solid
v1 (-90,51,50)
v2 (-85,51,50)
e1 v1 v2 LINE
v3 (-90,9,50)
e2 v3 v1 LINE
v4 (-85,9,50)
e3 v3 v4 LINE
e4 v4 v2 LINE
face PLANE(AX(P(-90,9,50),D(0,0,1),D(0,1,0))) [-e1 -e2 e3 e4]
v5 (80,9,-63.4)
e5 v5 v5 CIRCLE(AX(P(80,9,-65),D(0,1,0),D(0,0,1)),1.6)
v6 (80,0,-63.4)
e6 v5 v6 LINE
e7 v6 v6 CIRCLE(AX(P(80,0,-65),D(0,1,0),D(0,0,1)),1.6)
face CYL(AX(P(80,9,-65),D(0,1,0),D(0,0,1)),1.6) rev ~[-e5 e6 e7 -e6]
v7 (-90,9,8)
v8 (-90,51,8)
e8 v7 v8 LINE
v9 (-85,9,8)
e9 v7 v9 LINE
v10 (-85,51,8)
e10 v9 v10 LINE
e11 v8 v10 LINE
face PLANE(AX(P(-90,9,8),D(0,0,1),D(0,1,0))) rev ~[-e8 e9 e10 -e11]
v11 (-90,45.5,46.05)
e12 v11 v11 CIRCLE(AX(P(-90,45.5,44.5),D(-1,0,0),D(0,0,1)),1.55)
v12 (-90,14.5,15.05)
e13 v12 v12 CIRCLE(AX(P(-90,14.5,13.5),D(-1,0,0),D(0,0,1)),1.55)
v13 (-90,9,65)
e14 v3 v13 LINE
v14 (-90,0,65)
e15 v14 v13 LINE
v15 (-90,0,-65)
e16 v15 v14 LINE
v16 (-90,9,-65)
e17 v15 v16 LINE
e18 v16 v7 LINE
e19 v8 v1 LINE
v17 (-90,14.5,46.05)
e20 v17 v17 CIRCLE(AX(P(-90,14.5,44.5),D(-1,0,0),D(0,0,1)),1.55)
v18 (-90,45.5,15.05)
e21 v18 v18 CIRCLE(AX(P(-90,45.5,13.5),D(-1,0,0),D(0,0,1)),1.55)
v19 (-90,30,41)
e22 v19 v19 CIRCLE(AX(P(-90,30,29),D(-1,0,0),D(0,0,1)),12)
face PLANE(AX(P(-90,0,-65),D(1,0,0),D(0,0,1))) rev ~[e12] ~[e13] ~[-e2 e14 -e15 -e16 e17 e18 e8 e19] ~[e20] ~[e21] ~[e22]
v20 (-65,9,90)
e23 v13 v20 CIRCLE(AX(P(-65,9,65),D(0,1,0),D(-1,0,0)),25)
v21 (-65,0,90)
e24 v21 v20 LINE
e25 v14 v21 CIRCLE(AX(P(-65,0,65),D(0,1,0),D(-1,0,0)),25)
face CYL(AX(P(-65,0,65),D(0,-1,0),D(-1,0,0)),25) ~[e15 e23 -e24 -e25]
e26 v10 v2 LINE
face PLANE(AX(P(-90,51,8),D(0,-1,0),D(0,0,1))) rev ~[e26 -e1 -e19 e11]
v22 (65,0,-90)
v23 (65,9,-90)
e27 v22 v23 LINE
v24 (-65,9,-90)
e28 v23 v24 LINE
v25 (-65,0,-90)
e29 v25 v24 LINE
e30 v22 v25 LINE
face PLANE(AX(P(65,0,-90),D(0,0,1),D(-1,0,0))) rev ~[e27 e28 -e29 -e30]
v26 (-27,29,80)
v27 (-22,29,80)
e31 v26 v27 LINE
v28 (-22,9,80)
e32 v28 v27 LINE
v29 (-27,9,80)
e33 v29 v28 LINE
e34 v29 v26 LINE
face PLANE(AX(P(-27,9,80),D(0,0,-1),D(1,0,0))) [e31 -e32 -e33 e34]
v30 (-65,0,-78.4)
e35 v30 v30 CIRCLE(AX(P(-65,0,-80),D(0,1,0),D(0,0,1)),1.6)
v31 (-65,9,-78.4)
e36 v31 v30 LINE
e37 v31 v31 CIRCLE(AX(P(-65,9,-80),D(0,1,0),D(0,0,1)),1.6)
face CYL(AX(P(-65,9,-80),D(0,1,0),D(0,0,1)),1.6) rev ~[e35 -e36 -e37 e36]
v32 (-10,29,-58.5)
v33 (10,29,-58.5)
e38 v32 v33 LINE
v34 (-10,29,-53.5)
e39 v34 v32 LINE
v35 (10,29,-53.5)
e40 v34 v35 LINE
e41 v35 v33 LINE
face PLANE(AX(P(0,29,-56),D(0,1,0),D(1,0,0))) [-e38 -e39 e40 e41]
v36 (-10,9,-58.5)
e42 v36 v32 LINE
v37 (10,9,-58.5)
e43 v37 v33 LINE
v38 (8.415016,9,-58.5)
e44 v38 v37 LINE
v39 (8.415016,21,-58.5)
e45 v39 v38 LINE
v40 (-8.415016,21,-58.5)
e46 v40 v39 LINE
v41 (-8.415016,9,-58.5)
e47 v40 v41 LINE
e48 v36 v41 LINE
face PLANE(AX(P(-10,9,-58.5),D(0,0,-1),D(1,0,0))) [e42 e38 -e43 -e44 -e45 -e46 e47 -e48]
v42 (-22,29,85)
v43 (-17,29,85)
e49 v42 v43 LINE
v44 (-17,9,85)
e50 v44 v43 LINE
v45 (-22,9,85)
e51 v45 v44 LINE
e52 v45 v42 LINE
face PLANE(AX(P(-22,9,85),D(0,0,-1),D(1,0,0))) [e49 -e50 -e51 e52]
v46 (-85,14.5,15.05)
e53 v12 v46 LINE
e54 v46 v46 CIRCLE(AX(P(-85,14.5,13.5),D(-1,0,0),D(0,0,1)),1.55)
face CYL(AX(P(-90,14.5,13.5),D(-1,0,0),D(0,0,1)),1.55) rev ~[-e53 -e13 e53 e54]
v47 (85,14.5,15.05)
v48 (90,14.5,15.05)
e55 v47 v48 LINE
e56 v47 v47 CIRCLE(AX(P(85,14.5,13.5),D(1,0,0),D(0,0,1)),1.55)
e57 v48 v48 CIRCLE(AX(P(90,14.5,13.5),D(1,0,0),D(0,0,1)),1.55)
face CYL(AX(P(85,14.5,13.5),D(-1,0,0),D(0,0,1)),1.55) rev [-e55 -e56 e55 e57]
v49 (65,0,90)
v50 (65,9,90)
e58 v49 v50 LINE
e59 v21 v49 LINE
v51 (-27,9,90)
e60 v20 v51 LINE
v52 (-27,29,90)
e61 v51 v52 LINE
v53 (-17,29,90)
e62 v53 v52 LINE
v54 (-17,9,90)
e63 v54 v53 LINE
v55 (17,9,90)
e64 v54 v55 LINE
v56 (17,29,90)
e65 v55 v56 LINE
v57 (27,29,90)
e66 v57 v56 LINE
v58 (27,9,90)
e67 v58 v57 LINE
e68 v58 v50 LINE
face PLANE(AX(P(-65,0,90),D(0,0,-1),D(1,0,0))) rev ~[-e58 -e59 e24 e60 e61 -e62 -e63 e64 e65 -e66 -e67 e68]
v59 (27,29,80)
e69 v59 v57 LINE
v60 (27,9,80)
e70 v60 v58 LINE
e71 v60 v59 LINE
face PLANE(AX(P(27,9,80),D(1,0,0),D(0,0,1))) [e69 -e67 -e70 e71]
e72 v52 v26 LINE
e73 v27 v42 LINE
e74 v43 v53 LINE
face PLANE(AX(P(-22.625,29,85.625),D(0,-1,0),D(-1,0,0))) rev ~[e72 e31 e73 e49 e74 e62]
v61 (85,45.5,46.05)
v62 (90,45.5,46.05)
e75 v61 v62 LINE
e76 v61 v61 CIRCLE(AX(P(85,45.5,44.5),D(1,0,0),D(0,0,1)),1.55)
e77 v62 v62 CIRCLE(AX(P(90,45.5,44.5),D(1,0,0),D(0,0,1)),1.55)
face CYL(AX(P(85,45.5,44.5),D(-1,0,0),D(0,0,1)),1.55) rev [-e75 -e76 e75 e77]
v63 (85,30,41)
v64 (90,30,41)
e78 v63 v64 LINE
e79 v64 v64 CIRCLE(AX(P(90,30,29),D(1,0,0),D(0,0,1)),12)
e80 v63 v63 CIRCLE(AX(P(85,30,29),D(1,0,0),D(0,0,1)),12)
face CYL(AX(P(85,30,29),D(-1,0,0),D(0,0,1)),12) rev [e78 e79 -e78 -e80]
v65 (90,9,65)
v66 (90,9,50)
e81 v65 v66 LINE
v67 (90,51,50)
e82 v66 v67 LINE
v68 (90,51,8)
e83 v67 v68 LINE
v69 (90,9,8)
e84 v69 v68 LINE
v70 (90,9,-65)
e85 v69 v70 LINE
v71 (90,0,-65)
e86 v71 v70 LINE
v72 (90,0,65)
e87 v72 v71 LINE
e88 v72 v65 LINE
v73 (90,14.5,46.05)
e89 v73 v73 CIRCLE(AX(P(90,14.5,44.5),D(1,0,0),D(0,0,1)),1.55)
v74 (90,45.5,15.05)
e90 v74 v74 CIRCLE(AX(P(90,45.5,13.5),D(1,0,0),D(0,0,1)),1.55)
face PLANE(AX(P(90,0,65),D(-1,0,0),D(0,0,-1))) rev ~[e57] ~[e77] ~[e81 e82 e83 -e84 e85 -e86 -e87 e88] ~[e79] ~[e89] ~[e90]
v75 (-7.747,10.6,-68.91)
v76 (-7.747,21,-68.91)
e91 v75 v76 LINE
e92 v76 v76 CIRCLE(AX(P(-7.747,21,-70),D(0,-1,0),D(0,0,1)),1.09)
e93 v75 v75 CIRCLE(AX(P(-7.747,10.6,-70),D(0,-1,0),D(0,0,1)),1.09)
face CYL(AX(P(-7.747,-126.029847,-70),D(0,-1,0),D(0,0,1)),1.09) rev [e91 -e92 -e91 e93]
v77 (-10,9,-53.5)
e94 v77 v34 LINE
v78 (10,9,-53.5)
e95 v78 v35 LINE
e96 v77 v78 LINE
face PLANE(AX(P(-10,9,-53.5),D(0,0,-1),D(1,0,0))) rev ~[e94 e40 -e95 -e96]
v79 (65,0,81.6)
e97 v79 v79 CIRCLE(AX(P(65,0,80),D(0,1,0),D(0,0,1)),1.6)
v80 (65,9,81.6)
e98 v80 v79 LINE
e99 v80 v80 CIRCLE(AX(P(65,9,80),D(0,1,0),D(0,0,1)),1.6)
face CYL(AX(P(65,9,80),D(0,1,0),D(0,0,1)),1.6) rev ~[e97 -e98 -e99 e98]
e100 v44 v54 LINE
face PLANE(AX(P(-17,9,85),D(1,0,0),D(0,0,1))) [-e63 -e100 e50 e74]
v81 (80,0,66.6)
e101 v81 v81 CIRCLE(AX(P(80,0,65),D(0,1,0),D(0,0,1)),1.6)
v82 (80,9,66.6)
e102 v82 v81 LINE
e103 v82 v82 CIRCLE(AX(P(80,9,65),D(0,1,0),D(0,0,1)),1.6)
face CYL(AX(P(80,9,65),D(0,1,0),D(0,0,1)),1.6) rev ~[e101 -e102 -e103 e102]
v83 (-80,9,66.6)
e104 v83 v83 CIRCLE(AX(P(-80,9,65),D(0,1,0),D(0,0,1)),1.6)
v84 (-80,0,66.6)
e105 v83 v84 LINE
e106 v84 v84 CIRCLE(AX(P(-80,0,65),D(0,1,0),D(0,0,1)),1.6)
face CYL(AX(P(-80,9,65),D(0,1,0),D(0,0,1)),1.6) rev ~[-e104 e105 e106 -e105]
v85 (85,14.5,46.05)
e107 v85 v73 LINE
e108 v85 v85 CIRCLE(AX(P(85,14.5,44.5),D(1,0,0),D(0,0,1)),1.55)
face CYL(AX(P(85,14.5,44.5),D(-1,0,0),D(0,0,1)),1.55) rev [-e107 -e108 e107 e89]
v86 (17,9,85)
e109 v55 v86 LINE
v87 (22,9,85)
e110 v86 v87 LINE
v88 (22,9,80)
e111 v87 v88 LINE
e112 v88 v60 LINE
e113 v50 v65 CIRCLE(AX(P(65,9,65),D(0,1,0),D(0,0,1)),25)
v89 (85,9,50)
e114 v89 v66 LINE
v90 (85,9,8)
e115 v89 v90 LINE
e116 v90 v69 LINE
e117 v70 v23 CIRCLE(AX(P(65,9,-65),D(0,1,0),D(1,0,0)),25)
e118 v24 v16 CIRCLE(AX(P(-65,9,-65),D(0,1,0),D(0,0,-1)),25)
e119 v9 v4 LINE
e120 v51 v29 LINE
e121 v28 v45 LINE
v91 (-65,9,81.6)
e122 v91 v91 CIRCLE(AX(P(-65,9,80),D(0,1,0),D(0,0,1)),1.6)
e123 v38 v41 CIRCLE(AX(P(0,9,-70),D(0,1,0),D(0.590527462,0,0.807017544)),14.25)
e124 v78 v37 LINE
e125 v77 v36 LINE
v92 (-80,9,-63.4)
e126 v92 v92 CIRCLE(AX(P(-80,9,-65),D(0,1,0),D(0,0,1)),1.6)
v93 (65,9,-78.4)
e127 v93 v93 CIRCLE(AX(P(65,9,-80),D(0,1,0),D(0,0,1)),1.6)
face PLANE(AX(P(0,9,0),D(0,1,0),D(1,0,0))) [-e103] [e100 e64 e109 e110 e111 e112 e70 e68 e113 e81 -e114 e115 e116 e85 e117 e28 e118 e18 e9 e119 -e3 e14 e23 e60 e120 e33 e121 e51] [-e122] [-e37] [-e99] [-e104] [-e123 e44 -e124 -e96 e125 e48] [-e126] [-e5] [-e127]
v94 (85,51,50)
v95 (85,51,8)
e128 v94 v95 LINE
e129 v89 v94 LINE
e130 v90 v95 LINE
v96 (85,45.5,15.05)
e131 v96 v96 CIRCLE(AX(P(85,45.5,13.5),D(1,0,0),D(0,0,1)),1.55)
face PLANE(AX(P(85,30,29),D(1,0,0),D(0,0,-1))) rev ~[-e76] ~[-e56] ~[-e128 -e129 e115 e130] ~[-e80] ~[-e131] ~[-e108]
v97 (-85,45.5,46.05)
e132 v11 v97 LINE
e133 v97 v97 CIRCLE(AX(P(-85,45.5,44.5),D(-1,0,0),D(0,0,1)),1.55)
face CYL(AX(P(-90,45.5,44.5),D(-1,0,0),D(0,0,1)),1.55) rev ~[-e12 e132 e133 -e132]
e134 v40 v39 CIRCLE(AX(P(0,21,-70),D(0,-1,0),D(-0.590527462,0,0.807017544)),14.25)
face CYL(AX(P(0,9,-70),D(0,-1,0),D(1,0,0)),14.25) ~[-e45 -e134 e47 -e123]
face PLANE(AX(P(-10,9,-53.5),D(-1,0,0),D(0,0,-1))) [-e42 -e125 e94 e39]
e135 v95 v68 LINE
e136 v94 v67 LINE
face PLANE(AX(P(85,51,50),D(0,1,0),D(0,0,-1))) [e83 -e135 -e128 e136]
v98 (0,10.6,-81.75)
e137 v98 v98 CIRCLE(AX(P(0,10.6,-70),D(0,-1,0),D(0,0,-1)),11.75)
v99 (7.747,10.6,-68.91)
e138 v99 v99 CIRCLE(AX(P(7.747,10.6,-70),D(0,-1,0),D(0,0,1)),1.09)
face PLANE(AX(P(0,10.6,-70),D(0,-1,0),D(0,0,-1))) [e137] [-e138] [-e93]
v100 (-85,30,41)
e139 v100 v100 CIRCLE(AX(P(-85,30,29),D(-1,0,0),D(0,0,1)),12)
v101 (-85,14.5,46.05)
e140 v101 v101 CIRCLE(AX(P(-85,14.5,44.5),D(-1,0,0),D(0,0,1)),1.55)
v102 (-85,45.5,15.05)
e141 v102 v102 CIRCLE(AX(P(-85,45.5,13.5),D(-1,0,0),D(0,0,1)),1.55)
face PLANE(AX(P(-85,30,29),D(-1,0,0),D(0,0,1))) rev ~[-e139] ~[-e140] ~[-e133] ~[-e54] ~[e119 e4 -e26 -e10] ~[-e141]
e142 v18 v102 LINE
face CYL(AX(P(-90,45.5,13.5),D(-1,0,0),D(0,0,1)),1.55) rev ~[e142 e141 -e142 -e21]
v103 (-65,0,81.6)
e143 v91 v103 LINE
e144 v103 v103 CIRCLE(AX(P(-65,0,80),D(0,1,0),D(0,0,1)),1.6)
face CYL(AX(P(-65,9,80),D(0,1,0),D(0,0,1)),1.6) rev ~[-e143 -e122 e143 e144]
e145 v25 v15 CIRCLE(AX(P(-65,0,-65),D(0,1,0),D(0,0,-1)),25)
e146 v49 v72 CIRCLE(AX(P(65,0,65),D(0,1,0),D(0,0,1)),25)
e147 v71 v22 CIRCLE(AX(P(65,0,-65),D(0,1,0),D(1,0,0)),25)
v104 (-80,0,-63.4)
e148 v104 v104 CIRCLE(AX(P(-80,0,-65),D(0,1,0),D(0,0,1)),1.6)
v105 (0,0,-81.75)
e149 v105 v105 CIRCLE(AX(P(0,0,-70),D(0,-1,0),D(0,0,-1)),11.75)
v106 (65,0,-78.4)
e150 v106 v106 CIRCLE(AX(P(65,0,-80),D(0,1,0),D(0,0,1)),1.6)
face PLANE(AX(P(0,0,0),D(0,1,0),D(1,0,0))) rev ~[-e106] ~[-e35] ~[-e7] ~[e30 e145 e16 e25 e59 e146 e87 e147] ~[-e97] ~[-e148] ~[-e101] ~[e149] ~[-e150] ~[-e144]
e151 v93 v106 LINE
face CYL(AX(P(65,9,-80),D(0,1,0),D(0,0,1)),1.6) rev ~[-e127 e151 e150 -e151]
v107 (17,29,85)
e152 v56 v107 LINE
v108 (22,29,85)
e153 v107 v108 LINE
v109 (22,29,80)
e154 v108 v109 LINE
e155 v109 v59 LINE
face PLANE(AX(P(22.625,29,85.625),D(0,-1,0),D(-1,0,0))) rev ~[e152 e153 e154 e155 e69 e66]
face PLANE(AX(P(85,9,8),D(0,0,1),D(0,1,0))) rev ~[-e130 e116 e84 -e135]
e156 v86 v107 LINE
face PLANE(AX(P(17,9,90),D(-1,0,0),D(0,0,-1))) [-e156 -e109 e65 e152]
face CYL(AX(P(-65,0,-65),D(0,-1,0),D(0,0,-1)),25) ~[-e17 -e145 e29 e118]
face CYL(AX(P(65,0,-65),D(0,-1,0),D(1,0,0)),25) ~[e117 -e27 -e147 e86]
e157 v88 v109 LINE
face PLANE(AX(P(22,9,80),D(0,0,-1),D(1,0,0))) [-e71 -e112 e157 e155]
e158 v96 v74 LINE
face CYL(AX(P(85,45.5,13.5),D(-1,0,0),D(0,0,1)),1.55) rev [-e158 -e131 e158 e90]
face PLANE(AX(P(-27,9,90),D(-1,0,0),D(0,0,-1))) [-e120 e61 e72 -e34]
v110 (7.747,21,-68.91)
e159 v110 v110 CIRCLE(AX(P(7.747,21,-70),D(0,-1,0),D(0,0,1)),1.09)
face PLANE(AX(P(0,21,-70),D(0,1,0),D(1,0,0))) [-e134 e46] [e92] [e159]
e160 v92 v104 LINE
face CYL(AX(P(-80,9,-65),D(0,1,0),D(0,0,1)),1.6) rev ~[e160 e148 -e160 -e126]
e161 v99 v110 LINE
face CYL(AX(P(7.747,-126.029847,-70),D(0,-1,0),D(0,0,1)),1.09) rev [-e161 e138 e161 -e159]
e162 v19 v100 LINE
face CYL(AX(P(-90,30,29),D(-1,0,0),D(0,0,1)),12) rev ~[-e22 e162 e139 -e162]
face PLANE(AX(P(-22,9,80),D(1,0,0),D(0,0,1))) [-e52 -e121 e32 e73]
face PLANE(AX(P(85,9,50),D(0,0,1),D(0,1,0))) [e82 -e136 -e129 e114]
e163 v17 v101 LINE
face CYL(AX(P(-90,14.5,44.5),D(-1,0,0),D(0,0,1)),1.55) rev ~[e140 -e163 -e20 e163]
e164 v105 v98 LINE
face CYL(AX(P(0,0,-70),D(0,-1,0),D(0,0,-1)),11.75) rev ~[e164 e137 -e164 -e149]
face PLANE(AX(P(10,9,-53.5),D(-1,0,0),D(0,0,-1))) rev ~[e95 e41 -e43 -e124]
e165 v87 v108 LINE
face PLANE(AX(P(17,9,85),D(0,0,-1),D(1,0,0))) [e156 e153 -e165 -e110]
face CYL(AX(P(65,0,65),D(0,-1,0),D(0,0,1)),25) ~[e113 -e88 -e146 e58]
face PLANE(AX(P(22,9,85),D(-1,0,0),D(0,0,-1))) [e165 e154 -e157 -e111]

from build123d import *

# Parameters (mm, degrees)
PLATE_DEPTH             = 9
SKETCH3_R               = 1.6
HEX_HOLES_DEPTH         = 128.597021909
SKETCH4_W               = 20
SKETCH4_H               = 5
BATTERY_HOLDER_DEPTH    = 20
SKETCH5_W               = 42
SKETCH5_H               = 42
SKETCH5_R               = 12
SKETCH5_R_2             = 1.55
BOSS_EXTRUDE2_DEPTH     = 5
BOSS_EXTRUDE3_START     = -5
SKETCH6_W               = 42
SKETCH6_H               = 42
SKETCH6_R               = 12
SKETCH6_R_2             = 1.55
BOSS_EXTRUDE3_DEPTH     = 5
SKETCH8_R               = 14.25
BOSS_EXTRUDE4_DEPTH     = 12
SKETCH7_R               = 11.75
CUT_EXTRUDE1_DEPTH      = 10.6
CASTER_HOLES_DEPTH      = 135.029847422
CASTER_HOLES_DEPTH_BACK = 135.029847422
SKETCH2_R               = 1.09


with BuildPart() as part:
    # Sketch1 → Plate (new body)
    with BuildSketch(Plane(origin=(0, 0, 0), x_dir=(1, 0, 0), z_dir=(0, 1, 0))):
        with BuildLine():
            Line((-65, -90), (65, -90))
            ThreePointArc((65, -90), (82.67766953, -82.67766953), (90, -65))
            Line((90, -65), (90, 65))
            ThreePointArc((90, 65), (82.67766953, 82.67766953), (65, 90))
            Line((65, 90), (-65, 90))
            ThreePointArc((-65, 90), (-82.67766953, 82.67766953), (-90, 65))
            Line((-90, 65), (-90, -65))
            ThreePointArc((-90, -65), (-82.67766953, -82.67766953), (-65, -90))
        make_face()
    extrude(amount=PLATE_DEPTH)

    # Sketch3 → Hex Holes (cut, through all)
    with BuildSketch(Plane(origin=(0, 9, 0), x_dir=(1, 0, 0), z_dir=(0, 1, 0))):
        with Locations(Location((-65, 80, 0), (0, 0, 270))):
            Circle(SKETCH3_R)
        with Locations(Location((-80, 65, 0), (0, 0, 270))):
            Circle(SKETCH3_R)
        with Locations(Location((80, 65, 0), (0, 0, 270))):
            Circle(SKETCH3_R)
        with Locations(Location((80, -65, 0), (0, 0, 270))):
            Circle(SKETCH3_R)
        with Locations(Location((65, 80, 0), (0, 0, 270))):
            Circle(SKETCH3_R)
        with Locations(Location((65, -80, 0), (0, 0, 270))):
            Circle(SKETCH3_R)
        with Locations(Location((-65, -80, 0), (0, 0, 270))):
            Circle(SKETCH3_R)
        with Locations(Location((-80, -65, 0), (0, 0, 270))):
            Circle(SKETCH3_R)
    extrude(amount=-HEX_HOLES_DEPTH, mode=Mode.SUBTRACT)

    # Sketch4 → Battery Holder (add)
    with BuildSketch(Plane(origin=(0, 9, 0), x_dir=(1, 0, 0), z_dir=(0, 1, 0))):
        Polygon((-22, -85), (-17, -85), (-17, -90), (-27, -90), (-27, -80), (-22, -80), align=None)
        Polygon((17, -85), (22, -85), (22, -80), (27, -80), (27, -90), (17, -90), align=None)
        with Locations((0, 56)):
            Rectangle(SKETCH4_W, SKETCH4_H)
    extrude(amount=BATTERY_HOLDER_DEPTH)

    # Sketch5 → Boss-Extrude2 (add)
    with BuildSketch(Plane.ZY.offset(90)):
        with Locations((29, 30)):
            Rectangle(SKETCH5_W, SKETCH5_H)
        with Locations((29, 30)):
            Circle(SKETCH5_R, mode=Mode.SUBTRACT)
        with Locations((13.5, 45.5)):
            Circle(SKETCH5_R_2, mode=Mode.SUBTRACT)
        with Locations((44.5, 45.5)):
            Circle(SKETCH5_R_2, mode=Mode.SUBTRACT)
        with Locations((44.5, 14.5)):
            Circle(SKETCH5_R_2, mode=Mode.SUBTRACT)
        with Locations((13.5, 14.5)):
            Circle(SKETCH5_R_2, mode=Mode.SUBTRACT)
    extrude(amount=-BOSS_EXTRUDE2_DEPTH)

    # Sketch6 → Boss-Extrude3 (add)
    with BuildSketch(Plane(origin=(90, 0, 0), x_dir=(0, 0, -1), z_dir=(1, 0, 0)).offset(BOSS_EXTRUDE3_START)):
        with Locations((-29, 30)):
            Rectangle(SKETCH6_W, SKETCH6_H)
        with Locations(Location((-29, 30, 0), (0, 0, 180))):
            Circle(SKETCH6_R, mode=Mode.SUBTRACT)
        with Locations(Location((-44.5, 45.5, 0), (0, 0, 180))):
            Circle(SKETCH6_R_2, mode=Mode.SUBTRACT)
        with Locations(Location((-13.5, 45.5, 0), (0, 0, 180))):
            Circle(SKETCH6_R_2, mode=Mode.SUBTRACT)
        with Locations(Location((-13.5, 14.5, 0), (0, 0, 180))):
            Circle(SKETCH6_R_2, mode=Mode.SUBTRACT)
        with Locations(Location((-44.5, 14.5, 0), (0, 0, 180))):
            Circle(SKETCH6_R_2, mode=Mode.SUBTRACT)
    extrude(amount=BOSS_EXTRUDE3_DEPTH)

    # Sketch8 → Boss-Extrude4 (add)
    with BuildSketch(Plane(origin=(0, 9, 0), x_dir=(1, 0, 0), z_dir=(0, 1, 0))):
        with Locations((0, 70)):
            Circle(SKETCH8_R)
    extrude(amount=BOSS_EXTRUDE4_DEPTH)

    # Sketch7 → Cut-Extrude1 (cut)
    with BuildSketch(Plane.XZ):
        with Locations(Location((0, -70, 0), (0, 0, 270))):
            Circle(SKETCH7_R)
    extrude(amount=-CUT_EXTRUDE1_DEPTH, mode=Mode.SUBTRACT)

    # Sketch2 → Caster Holes (cut, two sides: drawn at the far end of the back side and taken through both)
    with BuildSketch(Plane(origin=(0, 9, 0), x_dir=(1, 0, 0), z_dir=(0, 1, 0)).offset(-CASTER_HOLES_DEPTH_BACK)):
        with Locations(Location((-7.747, 70, 0), (0, 0, 270))):
            Circle(SKETCH2_R)
        with Locations(Location((7.747, 70, 0), (0, 0, 270))):
            Circle(SKETCH2_R)
    extrude(amount=CASTER_HOLES_DEPTH + CASTER_HOLES_DEPTH_BACK, mode=Mode.SUBTRACT)


solid = part.part
